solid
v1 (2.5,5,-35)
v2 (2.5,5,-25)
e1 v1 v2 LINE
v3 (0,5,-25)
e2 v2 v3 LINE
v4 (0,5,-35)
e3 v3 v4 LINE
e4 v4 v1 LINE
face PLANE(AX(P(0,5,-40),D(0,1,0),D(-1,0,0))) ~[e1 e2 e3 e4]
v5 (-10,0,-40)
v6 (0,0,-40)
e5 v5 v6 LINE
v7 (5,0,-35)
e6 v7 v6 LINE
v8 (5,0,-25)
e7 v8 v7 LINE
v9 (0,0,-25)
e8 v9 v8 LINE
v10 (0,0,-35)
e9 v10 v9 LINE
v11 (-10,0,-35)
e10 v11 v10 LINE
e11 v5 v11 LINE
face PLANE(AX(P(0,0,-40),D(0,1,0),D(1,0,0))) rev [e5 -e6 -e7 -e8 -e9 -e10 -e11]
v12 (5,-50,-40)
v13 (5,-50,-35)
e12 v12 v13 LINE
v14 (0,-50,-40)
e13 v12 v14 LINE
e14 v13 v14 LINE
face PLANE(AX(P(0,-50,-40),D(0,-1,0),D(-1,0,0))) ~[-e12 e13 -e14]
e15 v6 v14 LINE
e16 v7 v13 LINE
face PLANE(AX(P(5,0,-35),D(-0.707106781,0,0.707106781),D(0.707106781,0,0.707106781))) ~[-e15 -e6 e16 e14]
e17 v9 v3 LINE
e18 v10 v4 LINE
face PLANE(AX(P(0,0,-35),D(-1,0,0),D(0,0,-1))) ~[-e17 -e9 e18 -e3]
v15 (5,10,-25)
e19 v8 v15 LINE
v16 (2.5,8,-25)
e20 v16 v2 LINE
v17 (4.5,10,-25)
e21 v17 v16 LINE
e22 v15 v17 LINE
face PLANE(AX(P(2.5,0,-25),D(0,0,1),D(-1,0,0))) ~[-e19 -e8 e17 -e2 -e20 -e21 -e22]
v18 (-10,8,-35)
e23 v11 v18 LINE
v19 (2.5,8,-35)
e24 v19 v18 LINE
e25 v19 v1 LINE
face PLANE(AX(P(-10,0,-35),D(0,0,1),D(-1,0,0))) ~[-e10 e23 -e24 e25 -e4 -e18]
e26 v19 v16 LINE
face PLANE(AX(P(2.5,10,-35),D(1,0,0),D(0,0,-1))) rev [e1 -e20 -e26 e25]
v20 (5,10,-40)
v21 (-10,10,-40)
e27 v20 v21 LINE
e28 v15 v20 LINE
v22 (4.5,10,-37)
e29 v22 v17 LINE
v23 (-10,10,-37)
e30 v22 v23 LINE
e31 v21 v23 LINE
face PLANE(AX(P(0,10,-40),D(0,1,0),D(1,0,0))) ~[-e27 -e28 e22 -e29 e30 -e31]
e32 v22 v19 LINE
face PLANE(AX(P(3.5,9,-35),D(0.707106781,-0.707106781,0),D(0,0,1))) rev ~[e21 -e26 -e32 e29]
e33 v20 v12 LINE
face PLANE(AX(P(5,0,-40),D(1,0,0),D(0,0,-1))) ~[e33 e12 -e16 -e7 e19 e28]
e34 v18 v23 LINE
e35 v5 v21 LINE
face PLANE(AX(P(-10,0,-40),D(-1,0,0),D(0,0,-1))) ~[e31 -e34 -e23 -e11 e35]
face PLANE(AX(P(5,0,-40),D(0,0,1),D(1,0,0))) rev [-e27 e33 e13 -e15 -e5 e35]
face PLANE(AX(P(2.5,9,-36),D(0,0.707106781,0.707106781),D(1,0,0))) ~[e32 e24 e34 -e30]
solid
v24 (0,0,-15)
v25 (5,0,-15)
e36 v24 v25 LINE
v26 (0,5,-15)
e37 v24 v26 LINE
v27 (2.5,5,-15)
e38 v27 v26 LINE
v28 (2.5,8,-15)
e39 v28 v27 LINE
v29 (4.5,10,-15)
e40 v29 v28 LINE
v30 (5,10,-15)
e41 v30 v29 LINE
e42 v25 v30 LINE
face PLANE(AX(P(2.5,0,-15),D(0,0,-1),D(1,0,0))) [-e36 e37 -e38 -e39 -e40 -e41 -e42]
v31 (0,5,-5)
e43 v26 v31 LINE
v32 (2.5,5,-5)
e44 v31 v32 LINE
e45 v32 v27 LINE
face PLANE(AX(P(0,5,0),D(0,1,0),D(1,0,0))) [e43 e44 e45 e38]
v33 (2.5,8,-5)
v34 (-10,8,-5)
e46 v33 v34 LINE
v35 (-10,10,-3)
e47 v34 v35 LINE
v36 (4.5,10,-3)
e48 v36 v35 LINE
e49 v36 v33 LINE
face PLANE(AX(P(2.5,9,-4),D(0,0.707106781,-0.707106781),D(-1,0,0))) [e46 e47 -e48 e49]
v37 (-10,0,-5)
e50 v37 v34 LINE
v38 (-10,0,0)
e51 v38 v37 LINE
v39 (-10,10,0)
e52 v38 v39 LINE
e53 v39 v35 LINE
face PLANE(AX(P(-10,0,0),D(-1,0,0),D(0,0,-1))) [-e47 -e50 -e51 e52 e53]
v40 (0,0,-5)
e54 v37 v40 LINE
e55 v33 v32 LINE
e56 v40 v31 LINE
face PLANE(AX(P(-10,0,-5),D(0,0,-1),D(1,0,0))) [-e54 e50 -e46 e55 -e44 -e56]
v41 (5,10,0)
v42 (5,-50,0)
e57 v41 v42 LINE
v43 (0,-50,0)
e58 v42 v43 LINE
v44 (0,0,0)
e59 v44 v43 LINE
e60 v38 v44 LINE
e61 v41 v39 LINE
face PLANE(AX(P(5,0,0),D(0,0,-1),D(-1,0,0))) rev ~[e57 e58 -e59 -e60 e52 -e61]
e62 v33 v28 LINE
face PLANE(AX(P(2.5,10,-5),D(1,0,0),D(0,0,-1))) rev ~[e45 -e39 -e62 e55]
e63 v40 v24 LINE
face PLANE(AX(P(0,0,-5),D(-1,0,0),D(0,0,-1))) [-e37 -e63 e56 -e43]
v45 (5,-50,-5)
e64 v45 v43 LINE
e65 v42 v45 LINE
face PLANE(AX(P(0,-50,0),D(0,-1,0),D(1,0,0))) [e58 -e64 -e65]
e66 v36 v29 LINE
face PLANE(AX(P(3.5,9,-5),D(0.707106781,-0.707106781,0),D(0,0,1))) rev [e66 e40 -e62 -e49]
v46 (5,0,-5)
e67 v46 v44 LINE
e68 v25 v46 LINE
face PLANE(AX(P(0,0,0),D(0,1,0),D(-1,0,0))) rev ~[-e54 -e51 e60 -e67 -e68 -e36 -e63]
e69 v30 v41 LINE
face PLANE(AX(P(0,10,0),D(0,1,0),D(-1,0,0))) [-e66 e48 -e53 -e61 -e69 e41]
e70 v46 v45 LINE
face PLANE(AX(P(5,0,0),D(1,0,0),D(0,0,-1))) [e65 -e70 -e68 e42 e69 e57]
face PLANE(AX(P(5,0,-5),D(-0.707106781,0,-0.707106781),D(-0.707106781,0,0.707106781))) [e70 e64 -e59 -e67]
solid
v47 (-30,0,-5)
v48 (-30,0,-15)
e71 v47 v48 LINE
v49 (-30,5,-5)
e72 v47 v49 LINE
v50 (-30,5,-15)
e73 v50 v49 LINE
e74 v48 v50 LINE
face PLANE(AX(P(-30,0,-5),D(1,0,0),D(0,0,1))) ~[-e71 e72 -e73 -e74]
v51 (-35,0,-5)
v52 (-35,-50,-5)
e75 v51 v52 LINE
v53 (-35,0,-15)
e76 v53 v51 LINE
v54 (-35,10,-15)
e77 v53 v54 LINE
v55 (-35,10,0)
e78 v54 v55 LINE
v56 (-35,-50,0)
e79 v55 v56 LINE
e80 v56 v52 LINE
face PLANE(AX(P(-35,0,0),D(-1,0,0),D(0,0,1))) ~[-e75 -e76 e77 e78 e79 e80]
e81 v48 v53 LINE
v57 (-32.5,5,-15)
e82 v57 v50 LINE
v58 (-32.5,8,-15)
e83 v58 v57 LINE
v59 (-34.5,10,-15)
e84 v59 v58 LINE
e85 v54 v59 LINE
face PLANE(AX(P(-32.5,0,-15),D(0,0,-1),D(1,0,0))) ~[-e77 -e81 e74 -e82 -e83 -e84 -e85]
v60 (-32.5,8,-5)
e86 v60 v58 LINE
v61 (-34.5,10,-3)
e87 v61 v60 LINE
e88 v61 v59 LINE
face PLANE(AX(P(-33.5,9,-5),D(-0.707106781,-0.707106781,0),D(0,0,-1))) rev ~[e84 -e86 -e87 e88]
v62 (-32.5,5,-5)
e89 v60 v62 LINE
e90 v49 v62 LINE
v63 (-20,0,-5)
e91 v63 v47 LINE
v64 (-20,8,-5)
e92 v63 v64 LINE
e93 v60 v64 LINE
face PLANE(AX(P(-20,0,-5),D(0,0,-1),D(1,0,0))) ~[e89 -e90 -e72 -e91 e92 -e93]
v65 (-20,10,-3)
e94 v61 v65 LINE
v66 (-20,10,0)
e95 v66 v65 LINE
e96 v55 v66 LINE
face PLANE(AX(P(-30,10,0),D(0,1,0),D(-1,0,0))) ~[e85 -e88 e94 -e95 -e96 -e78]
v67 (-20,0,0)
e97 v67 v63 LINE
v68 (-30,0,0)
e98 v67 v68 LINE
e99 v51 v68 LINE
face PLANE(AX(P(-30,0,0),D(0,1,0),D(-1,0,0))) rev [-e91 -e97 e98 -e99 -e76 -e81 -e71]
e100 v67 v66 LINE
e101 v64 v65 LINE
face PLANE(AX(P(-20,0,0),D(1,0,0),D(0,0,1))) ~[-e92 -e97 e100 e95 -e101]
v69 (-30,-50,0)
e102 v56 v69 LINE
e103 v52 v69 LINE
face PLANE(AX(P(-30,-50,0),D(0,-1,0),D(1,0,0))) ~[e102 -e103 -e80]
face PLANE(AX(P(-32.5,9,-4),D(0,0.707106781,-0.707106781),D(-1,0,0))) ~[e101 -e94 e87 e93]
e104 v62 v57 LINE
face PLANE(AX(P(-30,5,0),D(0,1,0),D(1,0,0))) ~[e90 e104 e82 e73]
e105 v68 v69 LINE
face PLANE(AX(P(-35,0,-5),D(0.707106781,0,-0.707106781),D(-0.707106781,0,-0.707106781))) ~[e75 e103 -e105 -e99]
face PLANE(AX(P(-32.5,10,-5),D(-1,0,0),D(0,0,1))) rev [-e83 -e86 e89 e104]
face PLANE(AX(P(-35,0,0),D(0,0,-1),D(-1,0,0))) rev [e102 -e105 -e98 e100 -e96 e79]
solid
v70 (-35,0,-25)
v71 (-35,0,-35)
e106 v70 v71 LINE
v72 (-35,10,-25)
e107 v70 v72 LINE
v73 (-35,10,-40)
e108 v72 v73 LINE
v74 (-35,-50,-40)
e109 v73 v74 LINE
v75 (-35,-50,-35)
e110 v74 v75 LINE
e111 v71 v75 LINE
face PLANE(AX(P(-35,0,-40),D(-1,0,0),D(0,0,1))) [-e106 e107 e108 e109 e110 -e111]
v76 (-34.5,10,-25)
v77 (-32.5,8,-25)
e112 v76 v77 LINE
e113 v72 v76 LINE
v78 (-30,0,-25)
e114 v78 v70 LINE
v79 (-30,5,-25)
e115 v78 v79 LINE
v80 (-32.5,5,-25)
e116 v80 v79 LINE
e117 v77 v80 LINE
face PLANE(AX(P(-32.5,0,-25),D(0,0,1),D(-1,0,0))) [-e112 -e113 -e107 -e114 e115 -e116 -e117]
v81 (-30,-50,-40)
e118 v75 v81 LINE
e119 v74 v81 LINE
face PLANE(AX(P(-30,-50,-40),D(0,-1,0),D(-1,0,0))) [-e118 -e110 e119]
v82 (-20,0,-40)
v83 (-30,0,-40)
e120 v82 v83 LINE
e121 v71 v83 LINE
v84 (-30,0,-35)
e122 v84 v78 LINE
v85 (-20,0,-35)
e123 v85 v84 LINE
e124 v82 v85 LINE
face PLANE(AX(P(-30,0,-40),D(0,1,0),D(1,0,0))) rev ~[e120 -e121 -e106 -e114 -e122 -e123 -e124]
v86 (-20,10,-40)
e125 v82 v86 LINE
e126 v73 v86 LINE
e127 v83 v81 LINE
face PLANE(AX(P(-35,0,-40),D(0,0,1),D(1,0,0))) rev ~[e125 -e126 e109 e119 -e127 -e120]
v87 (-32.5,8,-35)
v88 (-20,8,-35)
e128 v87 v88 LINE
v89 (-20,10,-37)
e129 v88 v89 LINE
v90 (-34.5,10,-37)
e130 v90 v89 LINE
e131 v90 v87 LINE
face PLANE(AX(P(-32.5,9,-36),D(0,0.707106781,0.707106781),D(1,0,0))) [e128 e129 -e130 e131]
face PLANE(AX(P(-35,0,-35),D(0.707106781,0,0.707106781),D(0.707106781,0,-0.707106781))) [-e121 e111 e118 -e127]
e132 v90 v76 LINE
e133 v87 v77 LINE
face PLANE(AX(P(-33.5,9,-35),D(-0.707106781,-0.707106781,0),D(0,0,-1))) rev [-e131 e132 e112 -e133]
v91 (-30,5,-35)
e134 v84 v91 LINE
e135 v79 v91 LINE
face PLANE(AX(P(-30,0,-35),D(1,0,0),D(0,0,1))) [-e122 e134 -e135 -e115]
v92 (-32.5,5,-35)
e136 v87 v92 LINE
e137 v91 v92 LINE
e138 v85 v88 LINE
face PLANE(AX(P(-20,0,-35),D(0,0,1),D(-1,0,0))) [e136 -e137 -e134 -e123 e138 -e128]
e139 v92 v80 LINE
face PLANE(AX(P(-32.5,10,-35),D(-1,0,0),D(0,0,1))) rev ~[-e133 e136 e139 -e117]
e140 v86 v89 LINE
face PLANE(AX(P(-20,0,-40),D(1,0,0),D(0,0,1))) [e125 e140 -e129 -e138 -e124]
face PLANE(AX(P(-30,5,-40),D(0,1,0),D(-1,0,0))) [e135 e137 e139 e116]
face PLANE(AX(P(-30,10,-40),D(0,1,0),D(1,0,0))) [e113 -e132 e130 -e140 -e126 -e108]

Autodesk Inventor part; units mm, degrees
ref_plane "YZ Plane" through (0, 0, 0) normal (1, 0, 0) x (0, 1, 0)
ref_plane "XZ Plane" through (0, 0, 0) normal (0, 1, 0) x (-1, 0, 0)
ref_plane "XY Plane" through (0, 0, 0) normal (0, 0, 1) x (1, 0, 0)
sketch "Boceto1" plane through (0, 0, 0) normal (0, 1, 0) x (-1, 0, 0)
  line L0 (0, 0) -> (10, 0)
  line L1 (10, 0) -> (10, -5)
  line L2 (10, -5) -> (0, -5)
  line L3 (0, -5) -> (0, -15)
  line L4 (0, -15) -> (-5, -15)
  line L5 (-5, -15) -> (-5, 0)
  line L6 (-5, 0) -> (10, 0)
  line L7 (0, -5) -> (-2.5, -5)
  line L8 (-2.5, -5) -> (-2.5, -15)
  dimension "d0" = 10
  dimension "d1" = 5
  dimension "d2" = 10
  dimension "d3" = 5
  dimension "d4" = 2.5
extrude "Extrusión1" add sketch "Boceto1" along normal blind 10
sketch "Boceto2" plane through (0, 10, 0) normal (0, 1, 0) x (1, 0, 0)
  line L0 (0, 15) -> (0, 5) projected
  line L1 (0, 5) -> (2.5, 5)
  line L2 (2.5, 5) -> (2.5, 15)
  line L3 (5, 15) -> (0, 15) projected
  point P0 (0, 0)
  dimension "d7" = 2.5
extrude "Extrusión2" cut sketch "Boceto2" against normal blind 5
sketch "Boceto3" plane through (0, 0, 0) normal (0, -1, 0) x (1, 0, 0)
  line L0 (0, -5) -> (-10, -5) projected
  line L1 (0, -5) -> (5, -5)
  line L2 (5, 0) -> (5, -15) projected
  line L3 (5, 0) -> (5, -5)
  line L4 (5, 0) -> (0, 0)
  line L5 (-10, 0) -> (5, 0) projected
  line L6 (0, -5) -> (0, 0)
  line L7 (5, -5) -> (0, 0)
extrude "Extrusión3" add sketch "Boceto3" along normal blind 50 contours L7 L4 L2
chamfer "Chaflán1" distance 2 angle 45 2 edges at (2.5, 10, -10) (-3.75, 10, -5)
ref_plane "Plano de trabajo1" through (-15, 0, -5) normal (-1, 0, 0) x (0, 0, 1)
ref_plane "Plano de trabajo2" through (5, 0, -20) normal (0, 0, -1) x (-1, 0, 0)
mirror "Simetría1" about plane through (5, 0, -20) normal (0, 0, -1)
mirror "Simetría2" about plane through (-15, 0, -5) normal (-1, 0, 0)
properties part number "soporte_stm"
